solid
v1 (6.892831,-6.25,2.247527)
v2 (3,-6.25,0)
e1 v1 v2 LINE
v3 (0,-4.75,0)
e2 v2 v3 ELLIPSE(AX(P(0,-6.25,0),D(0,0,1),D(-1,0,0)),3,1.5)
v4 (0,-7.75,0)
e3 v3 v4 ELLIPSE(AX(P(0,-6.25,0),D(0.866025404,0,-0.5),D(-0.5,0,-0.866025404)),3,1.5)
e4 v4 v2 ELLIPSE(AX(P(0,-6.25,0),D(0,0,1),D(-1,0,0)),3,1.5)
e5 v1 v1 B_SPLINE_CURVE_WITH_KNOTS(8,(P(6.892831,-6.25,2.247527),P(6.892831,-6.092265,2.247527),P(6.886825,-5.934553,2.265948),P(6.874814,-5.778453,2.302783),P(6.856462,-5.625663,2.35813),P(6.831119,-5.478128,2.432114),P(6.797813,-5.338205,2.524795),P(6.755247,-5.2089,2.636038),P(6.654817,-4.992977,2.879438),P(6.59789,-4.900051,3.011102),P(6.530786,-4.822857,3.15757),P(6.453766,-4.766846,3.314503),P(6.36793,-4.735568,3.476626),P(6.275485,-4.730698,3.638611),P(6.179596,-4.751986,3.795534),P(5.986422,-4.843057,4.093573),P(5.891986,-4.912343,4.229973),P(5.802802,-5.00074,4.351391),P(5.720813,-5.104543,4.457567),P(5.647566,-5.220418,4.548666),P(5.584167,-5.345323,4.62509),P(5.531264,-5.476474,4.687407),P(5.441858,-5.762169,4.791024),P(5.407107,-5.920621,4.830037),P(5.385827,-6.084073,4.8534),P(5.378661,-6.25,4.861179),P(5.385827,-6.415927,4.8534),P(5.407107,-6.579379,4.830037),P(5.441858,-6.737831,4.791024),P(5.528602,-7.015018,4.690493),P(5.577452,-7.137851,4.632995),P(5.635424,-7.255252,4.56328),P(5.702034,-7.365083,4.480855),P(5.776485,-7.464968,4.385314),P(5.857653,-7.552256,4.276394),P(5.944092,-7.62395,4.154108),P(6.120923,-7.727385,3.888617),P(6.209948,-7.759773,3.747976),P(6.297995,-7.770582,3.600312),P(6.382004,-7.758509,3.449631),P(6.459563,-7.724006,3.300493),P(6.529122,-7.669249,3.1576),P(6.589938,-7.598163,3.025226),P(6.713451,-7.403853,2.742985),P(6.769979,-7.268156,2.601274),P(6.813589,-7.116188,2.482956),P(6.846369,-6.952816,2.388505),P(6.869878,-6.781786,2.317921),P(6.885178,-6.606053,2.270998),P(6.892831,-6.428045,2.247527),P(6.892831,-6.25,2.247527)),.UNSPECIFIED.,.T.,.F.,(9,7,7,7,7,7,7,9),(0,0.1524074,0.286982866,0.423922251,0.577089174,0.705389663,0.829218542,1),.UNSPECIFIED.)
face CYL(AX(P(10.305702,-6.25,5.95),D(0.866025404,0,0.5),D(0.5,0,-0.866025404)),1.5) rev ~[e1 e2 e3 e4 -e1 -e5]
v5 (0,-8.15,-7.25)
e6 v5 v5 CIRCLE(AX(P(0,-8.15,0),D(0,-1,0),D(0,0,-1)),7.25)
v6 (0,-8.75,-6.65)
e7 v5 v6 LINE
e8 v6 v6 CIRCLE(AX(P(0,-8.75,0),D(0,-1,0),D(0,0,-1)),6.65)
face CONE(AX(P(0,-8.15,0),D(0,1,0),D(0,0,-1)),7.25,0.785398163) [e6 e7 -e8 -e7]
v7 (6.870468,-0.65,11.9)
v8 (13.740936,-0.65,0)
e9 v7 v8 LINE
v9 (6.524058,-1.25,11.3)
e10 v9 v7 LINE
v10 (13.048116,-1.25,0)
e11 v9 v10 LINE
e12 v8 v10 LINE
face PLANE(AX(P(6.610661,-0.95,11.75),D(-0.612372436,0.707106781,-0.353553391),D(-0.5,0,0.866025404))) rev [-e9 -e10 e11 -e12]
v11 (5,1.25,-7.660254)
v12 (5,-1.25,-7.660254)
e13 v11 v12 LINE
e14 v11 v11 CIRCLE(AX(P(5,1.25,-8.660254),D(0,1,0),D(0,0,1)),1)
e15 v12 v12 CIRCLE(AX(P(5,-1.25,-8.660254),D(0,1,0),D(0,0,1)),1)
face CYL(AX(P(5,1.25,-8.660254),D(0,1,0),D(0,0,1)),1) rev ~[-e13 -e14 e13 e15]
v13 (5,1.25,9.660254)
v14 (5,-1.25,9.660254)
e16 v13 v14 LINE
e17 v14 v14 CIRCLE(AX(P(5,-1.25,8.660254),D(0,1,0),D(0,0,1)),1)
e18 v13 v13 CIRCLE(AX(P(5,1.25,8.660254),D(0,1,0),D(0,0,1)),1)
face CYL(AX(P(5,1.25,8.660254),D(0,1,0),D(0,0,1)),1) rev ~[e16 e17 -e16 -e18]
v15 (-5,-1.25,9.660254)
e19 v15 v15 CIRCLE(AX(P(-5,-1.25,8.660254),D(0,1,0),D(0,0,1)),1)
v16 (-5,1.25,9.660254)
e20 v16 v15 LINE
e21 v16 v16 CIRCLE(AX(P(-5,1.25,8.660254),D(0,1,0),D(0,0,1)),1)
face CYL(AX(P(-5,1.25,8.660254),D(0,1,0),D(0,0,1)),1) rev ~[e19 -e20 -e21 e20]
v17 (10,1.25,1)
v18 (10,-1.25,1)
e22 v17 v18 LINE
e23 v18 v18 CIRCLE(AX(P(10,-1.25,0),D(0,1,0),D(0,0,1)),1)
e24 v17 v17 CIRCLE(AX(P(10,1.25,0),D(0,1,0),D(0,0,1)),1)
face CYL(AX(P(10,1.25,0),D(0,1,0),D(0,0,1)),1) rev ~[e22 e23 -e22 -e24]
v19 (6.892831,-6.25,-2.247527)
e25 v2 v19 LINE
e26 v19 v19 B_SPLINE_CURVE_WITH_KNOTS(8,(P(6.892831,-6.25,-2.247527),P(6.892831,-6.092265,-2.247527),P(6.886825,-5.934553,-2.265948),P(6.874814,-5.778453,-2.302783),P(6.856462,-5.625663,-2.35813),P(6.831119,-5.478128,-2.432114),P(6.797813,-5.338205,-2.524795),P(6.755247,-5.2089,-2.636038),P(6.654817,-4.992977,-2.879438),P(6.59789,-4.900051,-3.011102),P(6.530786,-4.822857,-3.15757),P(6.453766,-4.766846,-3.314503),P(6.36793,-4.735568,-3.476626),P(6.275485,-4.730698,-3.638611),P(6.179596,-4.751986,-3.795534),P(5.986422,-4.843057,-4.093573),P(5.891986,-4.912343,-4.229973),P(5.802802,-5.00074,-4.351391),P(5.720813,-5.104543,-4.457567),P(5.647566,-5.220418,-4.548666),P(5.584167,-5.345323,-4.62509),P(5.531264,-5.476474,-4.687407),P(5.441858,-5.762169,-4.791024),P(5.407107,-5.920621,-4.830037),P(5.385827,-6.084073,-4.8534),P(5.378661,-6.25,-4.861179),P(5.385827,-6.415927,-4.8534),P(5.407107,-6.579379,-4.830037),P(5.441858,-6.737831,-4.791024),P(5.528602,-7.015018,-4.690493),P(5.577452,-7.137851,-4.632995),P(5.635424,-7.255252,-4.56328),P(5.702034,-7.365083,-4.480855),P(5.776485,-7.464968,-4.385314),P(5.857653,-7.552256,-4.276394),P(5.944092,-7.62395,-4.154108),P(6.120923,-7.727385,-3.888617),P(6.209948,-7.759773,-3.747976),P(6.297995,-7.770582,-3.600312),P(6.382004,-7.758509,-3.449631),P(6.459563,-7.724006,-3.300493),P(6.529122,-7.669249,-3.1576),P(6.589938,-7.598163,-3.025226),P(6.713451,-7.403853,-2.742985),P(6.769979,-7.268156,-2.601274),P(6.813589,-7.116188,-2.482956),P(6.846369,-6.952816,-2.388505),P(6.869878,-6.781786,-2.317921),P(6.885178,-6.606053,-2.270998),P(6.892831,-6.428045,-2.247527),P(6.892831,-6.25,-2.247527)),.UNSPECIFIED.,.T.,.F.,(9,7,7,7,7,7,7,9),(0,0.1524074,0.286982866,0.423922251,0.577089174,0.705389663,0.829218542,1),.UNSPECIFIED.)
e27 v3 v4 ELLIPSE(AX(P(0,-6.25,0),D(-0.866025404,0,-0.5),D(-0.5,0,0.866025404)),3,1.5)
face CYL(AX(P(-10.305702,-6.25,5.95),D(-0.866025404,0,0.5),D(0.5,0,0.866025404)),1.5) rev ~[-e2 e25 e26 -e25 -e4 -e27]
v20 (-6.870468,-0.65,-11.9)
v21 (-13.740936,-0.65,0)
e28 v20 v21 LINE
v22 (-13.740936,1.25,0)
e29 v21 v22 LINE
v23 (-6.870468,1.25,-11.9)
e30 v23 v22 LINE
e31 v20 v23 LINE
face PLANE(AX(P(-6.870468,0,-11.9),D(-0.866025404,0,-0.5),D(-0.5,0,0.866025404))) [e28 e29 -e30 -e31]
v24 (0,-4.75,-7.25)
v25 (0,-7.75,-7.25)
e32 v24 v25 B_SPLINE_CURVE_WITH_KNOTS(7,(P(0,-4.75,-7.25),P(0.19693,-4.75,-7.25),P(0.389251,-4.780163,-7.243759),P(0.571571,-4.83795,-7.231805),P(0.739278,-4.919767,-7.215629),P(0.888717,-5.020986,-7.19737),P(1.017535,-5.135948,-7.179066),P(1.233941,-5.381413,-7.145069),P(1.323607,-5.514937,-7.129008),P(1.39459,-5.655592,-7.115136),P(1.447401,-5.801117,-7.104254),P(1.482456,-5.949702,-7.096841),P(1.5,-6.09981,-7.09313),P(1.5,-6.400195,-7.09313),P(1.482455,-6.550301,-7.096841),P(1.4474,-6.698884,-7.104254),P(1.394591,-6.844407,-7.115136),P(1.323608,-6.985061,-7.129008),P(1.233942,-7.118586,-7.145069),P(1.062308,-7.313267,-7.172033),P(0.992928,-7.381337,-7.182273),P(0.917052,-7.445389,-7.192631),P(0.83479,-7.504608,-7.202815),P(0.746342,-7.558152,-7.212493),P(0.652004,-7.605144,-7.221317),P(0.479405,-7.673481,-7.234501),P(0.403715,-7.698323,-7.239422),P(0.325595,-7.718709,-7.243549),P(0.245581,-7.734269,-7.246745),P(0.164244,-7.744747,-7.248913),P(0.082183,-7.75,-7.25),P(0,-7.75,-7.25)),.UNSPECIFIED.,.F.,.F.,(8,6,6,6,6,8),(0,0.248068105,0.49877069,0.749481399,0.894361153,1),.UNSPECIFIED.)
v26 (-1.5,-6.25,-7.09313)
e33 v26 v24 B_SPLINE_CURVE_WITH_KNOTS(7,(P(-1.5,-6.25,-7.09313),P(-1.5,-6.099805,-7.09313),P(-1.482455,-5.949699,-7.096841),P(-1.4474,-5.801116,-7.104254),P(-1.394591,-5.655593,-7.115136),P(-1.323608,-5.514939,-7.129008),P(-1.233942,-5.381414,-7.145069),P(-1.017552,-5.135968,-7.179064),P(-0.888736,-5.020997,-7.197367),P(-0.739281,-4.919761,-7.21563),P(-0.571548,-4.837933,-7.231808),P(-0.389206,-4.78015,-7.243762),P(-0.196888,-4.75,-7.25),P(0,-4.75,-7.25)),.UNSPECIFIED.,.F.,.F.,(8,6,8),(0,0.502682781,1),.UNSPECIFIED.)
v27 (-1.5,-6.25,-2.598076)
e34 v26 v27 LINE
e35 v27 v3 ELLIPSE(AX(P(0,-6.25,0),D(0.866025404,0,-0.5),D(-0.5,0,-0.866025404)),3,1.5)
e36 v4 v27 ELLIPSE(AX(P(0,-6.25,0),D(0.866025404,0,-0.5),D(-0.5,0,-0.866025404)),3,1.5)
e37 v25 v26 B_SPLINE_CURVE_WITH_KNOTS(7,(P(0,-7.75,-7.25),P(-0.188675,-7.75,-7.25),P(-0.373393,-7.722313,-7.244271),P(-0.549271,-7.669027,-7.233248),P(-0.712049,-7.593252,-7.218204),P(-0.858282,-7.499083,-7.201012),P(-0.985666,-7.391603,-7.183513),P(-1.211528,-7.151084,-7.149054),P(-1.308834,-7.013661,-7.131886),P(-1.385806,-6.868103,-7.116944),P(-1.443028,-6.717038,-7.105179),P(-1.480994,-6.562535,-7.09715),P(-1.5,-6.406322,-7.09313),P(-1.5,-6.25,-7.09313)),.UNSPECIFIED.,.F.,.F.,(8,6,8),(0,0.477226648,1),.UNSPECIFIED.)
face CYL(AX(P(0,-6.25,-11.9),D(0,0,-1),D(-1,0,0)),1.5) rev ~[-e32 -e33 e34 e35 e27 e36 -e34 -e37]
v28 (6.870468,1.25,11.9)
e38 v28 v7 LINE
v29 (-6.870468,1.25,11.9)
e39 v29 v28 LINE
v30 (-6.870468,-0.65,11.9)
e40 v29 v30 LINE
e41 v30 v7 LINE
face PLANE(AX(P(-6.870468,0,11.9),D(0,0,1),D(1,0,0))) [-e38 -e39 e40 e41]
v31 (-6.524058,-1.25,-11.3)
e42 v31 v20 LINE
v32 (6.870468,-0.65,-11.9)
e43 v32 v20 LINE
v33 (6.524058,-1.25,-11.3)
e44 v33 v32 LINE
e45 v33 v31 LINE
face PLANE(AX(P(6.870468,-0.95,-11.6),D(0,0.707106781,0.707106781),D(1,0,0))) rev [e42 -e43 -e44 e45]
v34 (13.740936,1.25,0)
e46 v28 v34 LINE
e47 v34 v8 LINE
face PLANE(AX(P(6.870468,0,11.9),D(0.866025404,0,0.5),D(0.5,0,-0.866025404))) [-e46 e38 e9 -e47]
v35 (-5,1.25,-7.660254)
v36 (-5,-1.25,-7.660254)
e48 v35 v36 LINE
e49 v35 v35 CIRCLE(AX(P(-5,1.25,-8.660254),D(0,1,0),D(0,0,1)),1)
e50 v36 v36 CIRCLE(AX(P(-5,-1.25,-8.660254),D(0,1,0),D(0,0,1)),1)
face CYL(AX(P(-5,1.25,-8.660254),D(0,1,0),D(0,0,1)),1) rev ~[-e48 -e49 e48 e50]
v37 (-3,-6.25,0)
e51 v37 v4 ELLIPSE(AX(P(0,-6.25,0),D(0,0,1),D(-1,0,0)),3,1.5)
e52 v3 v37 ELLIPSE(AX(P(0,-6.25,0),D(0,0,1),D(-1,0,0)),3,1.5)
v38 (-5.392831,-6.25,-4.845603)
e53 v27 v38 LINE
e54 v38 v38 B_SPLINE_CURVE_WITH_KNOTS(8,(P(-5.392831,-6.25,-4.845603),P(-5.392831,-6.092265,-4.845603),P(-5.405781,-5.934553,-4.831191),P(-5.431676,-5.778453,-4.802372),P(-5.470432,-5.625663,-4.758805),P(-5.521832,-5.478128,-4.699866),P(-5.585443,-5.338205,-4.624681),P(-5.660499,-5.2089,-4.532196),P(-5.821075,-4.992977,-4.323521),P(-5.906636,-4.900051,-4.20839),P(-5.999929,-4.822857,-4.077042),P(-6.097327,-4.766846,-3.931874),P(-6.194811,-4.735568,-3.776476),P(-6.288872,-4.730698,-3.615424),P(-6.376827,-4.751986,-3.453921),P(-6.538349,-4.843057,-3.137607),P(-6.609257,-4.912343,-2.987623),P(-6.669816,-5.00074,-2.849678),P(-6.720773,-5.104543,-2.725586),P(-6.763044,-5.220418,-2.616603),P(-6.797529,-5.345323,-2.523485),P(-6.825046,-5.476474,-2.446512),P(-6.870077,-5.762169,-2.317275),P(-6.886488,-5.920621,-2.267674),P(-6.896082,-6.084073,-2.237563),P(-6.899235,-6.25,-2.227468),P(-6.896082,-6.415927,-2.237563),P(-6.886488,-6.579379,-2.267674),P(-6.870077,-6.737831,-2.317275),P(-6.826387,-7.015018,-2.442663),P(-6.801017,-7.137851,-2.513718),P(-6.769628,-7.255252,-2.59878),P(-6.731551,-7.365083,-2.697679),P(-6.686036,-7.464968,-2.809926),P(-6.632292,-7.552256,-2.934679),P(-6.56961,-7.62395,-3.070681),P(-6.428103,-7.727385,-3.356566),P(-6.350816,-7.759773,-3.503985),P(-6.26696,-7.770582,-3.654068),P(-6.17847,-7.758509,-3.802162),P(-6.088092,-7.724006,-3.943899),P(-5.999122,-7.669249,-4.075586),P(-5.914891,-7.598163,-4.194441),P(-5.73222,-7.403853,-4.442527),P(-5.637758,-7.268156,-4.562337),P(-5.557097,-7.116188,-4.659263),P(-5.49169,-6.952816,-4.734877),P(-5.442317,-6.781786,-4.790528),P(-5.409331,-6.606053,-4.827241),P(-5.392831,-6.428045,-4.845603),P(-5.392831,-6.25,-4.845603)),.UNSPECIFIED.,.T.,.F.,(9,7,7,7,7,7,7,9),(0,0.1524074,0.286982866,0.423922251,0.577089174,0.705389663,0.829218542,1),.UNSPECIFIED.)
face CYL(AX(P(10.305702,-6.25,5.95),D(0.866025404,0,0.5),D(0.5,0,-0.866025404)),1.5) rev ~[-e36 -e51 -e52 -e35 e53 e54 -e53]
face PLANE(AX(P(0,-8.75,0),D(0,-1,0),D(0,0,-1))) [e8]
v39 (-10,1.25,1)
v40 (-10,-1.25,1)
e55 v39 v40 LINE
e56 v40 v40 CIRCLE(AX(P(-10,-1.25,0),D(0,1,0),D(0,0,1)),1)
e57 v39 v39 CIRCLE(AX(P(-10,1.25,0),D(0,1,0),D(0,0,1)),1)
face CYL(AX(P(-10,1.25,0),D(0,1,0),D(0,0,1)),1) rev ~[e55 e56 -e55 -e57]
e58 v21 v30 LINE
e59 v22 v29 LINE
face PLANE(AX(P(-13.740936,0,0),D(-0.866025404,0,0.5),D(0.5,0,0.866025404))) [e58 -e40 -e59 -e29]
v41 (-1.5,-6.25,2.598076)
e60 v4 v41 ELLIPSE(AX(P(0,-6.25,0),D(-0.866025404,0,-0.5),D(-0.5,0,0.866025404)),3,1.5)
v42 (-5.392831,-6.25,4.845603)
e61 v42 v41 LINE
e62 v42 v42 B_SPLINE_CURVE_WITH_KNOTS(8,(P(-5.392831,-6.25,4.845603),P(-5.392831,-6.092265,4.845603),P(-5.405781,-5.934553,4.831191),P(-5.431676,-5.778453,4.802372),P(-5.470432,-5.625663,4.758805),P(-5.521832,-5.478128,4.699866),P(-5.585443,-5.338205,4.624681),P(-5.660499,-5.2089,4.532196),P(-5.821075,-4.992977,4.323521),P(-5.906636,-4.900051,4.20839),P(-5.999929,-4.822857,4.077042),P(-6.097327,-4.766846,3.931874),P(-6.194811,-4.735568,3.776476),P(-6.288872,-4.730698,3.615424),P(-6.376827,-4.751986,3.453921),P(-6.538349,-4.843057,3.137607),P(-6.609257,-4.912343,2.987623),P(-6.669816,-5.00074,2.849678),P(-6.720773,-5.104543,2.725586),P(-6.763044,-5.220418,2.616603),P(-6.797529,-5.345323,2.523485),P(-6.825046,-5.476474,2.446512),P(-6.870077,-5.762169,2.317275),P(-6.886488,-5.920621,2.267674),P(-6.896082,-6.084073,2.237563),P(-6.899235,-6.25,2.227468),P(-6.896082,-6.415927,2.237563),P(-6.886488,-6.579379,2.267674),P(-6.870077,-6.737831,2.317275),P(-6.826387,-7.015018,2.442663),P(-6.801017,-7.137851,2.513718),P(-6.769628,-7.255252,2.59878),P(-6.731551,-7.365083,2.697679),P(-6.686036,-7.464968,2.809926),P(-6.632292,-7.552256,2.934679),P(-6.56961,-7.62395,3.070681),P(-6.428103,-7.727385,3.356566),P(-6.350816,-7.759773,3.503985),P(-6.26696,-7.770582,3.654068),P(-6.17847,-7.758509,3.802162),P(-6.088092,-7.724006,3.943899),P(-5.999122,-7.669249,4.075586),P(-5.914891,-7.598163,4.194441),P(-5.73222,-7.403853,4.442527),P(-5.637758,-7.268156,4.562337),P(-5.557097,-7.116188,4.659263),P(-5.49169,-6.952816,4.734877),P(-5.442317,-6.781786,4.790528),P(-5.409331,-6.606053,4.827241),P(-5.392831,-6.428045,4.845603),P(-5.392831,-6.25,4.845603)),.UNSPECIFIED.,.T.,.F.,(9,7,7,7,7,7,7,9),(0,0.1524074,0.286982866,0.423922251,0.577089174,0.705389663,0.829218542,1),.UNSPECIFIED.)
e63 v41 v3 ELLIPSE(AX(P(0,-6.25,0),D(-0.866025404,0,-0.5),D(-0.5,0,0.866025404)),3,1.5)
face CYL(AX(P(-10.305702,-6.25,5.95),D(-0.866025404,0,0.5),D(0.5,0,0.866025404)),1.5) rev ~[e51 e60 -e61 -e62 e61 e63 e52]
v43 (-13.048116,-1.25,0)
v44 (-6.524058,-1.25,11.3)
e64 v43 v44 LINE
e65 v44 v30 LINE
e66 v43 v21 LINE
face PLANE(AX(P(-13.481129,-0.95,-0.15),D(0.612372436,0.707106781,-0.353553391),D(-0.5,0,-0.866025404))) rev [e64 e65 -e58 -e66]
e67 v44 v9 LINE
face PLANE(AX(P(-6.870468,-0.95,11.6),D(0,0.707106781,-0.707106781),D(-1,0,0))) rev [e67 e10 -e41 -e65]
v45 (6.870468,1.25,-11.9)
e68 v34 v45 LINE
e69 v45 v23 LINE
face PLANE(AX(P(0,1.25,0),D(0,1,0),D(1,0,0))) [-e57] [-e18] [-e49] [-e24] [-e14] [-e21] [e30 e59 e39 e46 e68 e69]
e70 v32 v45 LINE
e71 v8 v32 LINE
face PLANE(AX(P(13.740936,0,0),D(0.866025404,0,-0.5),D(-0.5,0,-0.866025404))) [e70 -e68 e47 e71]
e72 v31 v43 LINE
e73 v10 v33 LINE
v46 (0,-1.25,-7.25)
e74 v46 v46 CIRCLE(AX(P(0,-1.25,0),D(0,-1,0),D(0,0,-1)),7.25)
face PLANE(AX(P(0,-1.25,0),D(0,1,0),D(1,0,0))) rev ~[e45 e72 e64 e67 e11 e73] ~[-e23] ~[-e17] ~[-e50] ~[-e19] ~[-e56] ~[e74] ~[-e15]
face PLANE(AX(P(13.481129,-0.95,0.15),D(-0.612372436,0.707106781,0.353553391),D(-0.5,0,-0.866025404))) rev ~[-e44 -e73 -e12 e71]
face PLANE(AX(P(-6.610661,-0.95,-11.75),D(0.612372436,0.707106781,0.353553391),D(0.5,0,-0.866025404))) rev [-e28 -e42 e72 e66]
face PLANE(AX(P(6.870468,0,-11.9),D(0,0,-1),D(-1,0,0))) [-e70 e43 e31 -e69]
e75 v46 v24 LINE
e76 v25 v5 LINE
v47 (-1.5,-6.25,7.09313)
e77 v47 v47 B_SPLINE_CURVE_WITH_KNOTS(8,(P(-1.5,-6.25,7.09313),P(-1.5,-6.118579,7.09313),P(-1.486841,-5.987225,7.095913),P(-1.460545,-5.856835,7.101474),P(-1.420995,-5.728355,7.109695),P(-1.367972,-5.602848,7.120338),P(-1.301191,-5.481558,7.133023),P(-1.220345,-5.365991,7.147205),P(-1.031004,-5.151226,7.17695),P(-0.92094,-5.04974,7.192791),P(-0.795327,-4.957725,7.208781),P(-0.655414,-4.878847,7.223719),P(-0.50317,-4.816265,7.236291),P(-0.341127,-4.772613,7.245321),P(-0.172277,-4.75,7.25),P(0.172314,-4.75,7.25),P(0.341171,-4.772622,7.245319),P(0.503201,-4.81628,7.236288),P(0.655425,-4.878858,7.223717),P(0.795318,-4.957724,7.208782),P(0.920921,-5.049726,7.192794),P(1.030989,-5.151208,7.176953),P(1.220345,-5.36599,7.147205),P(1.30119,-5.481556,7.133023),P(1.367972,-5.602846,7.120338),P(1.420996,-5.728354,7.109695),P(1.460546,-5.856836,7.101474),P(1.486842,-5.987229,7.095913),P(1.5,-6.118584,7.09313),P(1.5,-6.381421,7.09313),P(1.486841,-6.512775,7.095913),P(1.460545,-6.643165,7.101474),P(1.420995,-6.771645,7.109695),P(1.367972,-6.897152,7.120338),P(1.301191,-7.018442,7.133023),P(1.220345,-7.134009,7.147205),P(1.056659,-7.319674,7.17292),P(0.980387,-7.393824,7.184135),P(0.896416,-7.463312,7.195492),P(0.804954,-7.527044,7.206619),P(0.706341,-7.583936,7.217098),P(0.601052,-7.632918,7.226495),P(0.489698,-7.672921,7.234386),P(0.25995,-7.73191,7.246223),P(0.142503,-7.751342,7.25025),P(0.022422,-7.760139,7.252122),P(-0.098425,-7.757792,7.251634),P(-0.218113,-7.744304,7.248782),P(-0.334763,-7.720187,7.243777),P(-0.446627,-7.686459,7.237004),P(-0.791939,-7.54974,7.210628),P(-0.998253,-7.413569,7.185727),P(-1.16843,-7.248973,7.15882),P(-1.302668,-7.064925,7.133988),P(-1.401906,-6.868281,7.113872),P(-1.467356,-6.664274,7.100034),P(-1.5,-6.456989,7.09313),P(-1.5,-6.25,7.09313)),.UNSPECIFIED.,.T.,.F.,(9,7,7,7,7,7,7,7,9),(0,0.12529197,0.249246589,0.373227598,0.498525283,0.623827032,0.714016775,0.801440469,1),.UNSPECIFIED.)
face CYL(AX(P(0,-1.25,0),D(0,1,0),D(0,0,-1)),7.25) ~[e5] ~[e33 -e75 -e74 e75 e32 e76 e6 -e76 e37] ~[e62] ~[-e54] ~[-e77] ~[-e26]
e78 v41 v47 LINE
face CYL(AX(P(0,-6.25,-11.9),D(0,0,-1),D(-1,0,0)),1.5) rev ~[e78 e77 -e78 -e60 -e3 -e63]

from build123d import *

# Parameters (mm, degrees)
EXTRUDE_1_DEPTH          = 1.25
SKETCH_2_R               = 7.25
EXTRUDE_2_DEPTH          = 7.5
SKETCH_3_R               = 1.5
CUT_EXTRUDE_1_DEPTH      = 32.199772969
PATTERN_CIRCULAR_1_COUNT = 3
CHAMFER_1_SIZE           = 0.6
SKETCH_4_R               = 1
CUT_EXTRUDE_2_DEPTH      = 21.746646315


with BuildPart() as part:
    # 草图1 → 凸台-拉伸1 (new, symmetric)
    with BuildSketch(Plane(origin=(0, 0, 0), x_dir=(1, 0, 0), z_dir=(0, 1, 0))):
        Polygon((13.740936407, 0), (6.870468203, 11.9), (-6.870468203, 11.9), (-13.740936407, 0), (-6.870468203, -11.9), (6.870468203, -11.9), align=None)
    extrude(amount=EXTRUDE_1_DEPTH, both=True)

    # 草图2 → 凸台-拉伸2 (add)
    with BuildSketch(Plane.XZ.offset(1.25)):
        with Locations(Location((0, 0, 0), (0, 0, 270))):
            Circle(SKETCH_2_R)
    extrude(amount=EXTRUDE_2_DEPTH)

    # 草图3 → 切除-拉伸1 (cut, through all)
    with BuildSketch(Plane(origin=(-10.305702305, 0, 5.95), x_dir=(0.5000000000000071, 0, 0.8660254037844346), z_dir=(-0.8660254037844346, 0, 0.5000000000000071))):
        with Locations((0, -6.25)):
            Circle(SKETCH_3_R)
    cut_extrude_1 = extrude(amount=-CUT_EXTRUDE_1_DEPTH, mode=Mode.SUBTRACT)

    # 阵列(圆周)1: 切除-拉伸1 ×3 about axis
    pattern_circular_1_axis = Axis((0, -8.75, 0), (0, -1, 0))
    for i in range(1, PATTERN_CIRCULAR_1_COUNT):
        add(cut_extrude_1.rotate(pattern_circular_1_axis, i * 360 / PATTERN_CIRCULAR_1_COUNT), mode=Mode.SUBTRACT)

    # 倒角1
    chamfer_1_edges = [part.edges().sort_by_distance(p)[0] for p in [
        (0, -8.75, 7.25),
        (0, -1.25, 11.9),
        (-10.305702305, -1.25, 5.95),
        (-10.305702305, -1.25, -5.95),
        (0, -1.25, -11.9),
        (10.305702305, -1.25, -5.95),
        (10.305702305, -1.25, 5.95),
    ]]
    chamfer(chamfer_1_edges, length=CHAMFER_1_SIZE)

    # 草图4 → 切除-拉伸2 (cut, through all)
    with BuildSketch(Plane(origin=(0, 1.25, 0), x_dir=(1, 0, 0), z_dir=(0, 1, 0))):
        with Locations(Location((5, 8.660254038, 0), (0, 0, 270))):
            Circle(SKETCH_4_R)
        with Locations(Location((10, 0, 0), (0, 0, 270))):
            Circle(SKETCH_4_R)
        with Locations(Location((5, -8.660254038, 0), (0, 0, 270))):
            Circle(SKETCH_4_R)
        with Locations(Location((-5, -8.660254038, 0), (0, 0, 270))):
            Circle(SKETCH_4_R)
        with Locations(Location((-10, 0, 0), (0, 0, 270))):
            Circle(SKETCH_4_R)
        with Locations(Location((-5, 8.660254038, 0), (0, 0, 270))):
            Circle(SKETCH_4_R)
    extrude(amount=-CUT_EXTRUDE_2_DEPTH, mode=Mode.SUBTRACT)


solid = part.part
